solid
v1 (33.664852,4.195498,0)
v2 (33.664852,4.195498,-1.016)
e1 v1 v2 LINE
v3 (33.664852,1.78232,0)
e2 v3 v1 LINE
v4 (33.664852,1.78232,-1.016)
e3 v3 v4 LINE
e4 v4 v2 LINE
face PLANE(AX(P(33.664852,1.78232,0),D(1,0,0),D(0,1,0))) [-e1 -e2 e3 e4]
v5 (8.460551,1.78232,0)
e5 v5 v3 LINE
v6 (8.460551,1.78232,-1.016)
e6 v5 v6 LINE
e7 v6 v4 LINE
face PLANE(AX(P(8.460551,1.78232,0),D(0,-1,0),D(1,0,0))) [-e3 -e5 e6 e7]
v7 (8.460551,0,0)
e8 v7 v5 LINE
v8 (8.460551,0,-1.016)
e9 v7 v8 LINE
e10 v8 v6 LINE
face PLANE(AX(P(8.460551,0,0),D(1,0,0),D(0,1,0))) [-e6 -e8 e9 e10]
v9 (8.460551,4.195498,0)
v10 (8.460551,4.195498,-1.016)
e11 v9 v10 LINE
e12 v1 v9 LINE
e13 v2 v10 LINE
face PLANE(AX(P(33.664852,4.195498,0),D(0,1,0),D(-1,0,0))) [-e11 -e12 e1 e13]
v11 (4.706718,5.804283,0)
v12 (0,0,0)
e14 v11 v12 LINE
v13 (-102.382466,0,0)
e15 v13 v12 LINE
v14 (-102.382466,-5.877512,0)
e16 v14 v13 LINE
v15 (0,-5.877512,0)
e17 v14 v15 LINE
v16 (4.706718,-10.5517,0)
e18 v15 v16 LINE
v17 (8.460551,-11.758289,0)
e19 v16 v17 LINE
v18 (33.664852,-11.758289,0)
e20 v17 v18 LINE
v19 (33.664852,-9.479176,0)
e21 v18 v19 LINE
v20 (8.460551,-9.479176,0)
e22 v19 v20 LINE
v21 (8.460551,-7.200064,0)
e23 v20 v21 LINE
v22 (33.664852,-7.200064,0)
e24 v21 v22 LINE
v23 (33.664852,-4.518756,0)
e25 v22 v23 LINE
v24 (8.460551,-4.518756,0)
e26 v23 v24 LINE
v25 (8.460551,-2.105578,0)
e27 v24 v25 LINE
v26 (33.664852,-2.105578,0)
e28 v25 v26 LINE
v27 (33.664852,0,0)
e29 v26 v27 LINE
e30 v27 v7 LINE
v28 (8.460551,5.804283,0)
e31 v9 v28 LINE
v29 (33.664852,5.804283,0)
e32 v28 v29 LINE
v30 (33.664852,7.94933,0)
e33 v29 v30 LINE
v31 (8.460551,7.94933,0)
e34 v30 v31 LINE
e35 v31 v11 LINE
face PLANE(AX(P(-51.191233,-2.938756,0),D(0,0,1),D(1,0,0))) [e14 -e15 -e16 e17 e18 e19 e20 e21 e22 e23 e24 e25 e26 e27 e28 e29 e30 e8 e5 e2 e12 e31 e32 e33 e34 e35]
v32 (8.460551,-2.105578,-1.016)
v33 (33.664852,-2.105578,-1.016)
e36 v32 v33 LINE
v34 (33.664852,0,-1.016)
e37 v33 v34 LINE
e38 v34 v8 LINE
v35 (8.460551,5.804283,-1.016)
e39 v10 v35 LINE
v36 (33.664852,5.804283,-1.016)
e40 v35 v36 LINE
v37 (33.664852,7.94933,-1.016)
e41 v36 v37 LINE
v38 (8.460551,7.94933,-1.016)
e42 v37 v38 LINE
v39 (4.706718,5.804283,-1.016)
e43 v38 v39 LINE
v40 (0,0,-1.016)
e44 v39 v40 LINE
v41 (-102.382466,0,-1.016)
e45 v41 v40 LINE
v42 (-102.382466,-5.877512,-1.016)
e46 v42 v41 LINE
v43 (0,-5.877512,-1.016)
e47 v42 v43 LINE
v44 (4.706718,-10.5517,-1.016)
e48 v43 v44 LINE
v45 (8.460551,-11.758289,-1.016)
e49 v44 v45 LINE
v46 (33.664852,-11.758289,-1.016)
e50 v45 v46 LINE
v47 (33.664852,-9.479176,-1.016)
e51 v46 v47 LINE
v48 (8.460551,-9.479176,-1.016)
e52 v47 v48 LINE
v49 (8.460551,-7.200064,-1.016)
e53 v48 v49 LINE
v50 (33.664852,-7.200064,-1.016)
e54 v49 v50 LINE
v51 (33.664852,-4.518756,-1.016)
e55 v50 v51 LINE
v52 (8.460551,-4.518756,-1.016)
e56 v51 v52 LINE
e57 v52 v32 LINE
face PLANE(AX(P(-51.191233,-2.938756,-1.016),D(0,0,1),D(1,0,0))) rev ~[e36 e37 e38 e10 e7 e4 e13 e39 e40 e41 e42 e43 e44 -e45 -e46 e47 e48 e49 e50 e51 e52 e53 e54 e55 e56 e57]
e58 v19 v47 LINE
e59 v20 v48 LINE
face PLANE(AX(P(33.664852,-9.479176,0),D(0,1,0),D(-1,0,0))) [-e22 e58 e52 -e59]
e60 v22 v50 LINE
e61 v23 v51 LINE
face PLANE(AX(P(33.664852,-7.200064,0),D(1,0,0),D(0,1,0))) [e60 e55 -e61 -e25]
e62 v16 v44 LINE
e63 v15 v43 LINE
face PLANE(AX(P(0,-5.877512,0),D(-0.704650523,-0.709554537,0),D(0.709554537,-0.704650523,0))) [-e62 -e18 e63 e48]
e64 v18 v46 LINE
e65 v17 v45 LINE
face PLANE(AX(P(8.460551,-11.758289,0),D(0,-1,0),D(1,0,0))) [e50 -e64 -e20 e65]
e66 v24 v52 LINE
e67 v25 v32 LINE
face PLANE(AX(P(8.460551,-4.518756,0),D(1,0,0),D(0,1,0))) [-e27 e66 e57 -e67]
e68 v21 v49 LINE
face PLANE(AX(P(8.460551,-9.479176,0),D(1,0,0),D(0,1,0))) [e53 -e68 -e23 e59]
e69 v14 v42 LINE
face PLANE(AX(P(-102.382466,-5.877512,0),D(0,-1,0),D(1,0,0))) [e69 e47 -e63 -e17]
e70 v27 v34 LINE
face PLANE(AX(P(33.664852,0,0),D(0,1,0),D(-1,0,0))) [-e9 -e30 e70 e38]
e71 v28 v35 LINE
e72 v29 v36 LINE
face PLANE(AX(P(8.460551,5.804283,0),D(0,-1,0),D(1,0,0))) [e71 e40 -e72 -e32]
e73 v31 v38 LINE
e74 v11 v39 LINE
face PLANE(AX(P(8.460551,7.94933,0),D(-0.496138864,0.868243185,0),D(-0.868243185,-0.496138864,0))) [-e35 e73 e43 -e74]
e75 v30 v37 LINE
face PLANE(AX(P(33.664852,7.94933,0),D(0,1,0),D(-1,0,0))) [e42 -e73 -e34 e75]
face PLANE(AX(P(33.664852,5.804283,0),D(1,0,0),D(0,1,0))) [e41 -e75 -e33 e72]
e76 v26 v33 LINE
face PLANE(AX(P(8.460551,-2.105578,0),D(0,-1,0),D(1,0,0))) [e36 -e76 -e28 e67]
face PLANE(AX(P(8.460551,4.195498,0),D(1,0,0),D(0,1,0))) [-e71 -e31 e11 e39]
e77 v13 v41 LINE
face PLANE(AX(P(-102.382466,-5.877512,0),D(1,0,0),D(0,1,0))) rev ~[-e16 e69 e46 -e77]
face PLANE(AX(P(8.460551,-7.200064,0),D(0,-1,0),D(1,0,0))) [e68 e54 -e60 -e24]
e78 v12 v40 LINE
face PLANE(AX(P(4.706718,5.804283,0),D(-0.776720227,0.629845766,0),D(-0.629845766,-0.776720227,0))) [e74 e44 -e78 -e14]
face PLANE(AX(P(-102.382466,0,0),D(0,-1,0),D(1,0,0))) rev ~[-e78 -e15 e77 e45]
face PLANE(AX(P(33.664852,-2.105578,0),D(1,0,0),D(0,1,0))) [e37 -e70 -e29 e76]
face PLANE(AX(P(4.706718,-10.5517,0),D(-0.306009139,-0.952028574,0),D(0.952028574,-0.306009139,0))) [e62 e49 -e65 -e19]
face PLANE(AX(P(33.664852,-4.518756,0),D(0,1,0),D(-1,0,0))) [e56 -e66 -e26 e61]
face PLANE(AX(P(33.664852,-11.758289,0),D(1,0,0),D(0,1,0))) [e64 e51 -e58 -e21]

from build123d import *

# Parameters (mm, degrees)
F0_W     = 102.382466
F0_H     = 5.877512
F1_DEPTH = 1.016


with BuildPart() as f1:
    # F0 (on Top) → F1 (new body)
    with BuildSketch(Plane.XY):
        with Locations((-51.191233, -2.938756)):
            Rectangle(F0_W, F0_H)
        Polygon((4.706718, 5.804283), (0, 0), (0, -5.877512), (4.706718, -10.5517), (8.460551, -11.758289), (33.664852, -11.758289), (33.664852, -9.479176), (8.460551, -9.479176), (8.460551, -7.200064), (33.664852, -7.200064), (33.664852, -4.518756), (8.460551, -4.518756), (8.460551, -2.105578), (33.664852, -2.105578), (33.664852, 0), (8.460551, 0), (8.460551, 1.78232), (33.664852, 1.78232), (33.664852, 4.195498), (8.460551, 4.195498), (8.460551, 5.804283), (33.664852, 5.804283), (33.664852, 7.94933), (8.460551, 7.94933), align=None)
    extrude(amount=-F1_DEPTH)


solid = f1.part
